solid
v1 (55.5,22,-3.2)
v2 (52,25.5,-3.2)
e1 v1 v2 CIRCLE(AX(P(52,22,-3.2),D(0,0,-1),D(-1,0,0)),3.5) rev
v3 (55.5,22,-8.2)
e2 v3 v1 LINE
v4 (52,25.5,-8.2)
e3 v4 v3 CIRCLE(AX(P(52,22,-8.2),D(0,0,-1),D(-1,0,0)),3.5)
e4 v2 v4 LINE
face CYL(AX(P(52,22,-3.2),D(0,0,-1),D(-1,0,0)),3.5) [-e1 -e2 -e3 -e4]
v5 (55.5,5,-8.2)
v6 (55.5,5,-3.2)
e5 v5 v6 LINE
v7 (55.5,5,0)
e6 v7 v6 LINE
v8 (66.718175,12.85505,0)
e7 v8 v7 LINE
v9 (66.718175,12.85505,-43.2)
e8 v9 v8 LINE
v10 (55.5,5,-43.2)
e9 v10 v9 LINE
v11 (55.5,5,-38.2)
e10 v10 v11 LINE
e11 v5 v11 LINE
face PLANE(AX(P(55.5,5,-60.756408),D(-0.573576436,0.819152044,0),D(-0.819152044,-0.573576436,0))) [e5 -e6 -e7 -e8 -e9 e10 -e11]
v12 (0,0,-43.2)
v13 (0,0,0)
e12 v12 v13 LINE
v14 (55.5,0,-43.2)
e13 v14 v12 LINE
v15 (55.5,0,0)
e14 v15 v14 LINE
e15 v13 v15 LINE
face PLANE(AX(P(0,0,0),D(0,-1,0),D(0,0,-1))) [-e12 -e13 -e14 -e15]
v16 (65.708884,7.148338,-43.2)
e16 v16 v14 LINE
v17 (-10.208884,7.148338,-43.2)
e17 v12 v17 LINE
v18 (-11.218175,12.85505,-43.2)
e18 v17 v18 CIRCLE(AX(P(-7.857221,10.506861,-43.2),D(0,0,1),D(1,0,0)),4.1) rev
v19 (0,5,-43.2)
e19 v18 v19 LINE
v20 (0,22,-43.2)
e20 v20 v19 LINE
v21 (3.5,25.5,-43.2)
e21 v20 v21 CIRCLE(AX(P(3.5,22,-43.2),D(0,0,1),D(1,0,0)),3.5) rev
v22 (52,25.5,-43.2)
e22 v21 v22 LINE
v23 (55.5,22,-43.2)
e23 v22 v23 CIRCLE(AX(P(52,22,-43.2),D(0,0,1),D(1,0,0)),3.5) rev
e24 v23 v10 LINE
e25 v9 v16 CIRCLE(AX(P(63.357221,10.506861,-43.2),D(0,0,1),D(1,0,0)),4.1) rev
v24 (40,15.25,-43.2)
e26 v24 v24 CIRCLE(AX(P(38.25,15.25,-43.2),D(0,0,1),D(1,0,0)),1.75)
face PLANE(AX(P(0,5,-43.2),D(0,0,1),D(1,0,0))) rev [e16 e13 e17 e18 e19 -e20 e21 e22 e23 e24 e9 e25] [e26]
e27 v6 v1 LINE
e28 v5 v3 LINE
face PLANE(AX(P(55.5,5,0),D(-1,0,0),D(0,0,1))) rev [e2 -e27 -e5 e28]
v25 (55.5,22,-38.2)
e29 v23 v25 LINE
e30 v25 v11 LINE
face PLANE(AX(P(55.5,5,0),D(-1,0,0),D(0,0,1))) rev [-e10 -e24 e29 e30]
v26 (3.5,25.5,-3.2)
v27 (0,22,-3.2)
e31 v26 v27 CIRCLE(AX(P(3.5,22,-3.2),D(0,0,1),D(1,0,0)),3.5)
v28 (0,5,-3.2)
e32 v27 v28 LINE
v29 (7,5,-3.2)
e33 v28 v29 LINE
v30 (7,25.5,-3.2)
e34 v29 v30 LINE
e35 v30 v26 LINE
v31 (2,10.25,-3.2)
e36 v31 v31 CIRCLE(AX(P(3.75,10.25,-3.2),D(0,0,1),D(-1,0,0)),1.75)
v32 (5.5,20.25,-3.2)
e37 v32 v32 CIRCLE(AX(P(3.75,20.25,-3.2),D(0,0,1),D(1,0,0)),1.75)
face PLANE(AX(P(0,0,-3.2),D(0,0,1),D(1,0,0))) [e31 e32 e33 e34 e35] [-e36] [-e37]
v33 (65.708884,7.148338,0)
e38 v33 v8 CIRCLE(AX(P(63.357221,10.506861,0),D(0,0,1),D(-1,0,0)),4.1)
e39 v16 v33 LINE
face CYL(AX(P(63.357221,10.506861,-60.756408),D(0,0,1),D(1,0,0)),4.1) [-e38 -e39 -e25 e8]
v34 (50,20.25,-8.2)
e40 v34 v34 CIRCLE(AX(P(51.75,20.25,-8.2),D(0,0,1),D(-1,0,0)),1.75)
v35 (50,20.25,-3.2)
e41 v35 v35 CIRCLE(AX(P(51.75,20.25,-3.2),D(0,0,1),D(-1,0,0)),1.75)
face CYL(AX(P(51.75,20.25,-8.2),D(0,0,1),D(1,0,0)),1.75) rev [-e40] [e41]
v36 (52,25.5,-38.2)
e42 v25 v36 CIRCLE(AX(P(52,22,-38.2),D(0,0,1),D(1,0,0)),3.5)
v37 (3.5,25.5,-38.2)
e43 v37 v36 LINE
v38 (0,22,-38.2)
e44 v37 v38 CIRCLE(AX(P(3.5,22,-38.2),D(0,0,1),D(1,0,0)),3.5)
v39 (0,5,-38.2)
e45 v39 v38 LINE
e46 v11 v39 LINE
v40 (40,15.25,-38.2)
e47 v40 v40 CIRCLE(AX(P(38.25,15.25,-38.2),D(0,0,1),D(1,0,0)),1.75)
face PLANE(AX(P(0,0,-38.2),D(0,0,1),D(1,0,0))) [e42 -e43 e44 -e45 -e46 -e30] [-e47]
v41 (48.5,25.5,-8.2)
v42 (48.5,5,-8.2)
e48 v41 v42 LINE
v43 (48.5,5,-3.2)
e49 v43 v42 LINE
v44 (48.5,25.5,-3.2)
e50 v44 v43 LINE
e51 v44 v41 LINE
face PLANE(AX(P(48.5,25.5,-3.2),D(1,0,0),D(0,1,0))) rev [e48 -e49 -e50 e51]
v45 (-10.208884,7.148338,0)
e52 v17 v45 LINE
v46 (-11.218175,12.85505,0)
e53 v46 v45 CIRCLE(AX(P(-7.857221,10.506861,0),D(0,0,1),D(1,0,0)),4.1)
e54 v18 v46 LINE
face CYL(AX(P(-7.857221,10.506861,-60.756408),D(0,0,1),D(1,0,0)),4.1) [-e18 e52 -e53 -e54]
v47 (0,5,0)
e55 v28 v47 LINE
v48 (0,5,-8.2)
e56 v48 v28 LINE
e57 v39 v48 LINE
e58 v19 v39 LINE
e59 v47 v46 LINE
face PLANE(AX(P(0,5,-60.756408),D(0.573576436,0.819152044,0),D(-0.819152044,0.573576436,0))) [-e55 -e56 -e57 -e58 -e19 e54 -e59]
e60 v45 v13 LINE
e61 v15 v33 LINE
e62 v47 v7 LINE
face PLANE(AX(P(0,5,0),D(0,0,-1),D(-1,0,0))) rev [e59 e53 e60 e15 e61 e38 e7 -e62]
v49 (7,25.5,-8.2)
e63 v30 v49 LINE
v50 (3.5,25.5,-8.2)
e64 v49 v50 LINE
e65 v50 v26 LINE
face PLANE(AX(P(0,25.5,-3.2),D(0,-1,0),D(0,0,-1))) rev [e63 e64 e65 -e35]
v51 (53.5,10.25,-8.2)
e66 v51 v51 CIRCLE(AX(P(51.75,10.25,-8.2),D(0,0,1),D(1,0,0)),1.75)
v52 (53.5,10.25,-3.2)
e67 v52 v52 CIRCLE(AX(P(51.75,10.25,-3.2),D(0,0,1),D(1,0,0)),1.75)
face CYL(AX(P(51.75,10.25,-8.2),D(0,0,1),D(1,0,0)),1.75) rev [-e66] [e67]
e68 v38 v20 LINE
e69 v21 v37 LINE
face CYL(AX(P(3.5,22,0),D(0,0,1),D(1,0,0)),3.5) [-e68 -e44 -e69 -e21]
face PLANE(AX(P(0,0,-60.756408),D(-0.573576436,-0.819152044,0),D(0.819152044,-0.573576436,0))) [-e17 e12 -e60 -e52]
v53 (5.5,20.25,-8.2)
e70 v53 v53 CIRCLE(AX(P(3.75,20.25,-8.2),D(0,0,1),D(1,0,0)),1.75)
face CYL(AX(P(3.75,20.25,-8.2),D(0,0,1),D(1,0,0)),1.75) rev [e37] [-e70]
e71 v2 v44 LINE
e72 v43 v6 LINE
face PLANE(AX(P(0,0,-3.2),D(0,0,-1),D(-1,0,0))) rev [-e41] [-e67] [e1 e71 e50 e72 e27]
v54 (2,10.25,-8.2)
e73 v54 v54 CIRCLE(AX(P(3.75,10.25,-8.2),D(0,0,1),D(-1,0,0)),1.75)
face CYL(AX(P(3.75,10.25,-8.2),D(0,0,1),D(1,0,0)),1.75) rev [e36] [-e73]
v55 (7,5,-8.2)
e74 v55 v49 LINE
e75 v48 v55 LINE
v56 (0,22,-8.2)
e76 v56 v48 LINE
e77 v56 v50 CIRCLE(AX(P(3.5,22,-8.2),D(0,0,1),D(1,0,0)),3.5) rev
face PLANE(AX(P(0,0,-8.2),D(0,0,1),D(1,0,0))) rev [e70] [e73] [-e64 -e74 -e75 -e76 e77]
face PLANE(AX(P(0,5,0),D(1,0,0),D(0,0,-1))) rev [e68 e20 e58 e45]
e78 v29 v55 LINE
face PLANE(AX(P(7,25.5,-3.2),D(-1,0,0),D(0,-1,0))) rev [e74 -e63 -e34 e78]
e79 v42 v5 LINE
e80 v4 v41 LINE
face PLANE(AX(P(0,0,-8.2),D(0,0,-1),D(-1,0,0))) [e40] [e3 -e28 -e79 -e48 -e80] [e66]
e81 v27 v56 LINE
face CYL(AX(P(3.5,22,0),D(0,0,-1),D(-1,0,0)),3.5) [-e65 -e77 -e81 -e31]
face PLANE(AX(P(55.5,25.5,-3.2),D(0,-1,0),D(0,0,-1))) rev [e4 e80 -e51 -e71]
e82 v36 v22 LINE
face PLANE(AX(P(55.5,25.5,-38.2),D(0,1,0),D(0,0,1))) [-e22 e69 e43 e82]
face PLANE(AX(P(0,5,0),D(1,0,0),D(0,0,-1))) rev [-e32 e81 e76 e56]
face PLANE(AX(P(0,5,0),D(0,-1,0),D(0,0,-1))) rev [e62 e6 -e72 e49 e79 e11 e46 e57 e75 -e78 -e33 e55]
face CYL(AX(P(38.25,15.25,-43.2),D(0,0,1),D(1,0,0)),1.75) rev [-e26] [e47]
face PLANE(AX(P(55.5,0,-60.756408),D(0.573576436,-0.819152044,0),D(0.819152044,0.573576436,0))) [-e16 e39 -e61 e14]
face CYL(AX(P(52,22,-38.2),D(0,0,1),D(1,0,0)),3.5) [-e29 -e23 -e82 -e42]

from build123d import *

# Parameters (mm, degrees)
SKETCH1_W           = 55.5
SKETCH1_H           = 43.2
BASE_DEPTH          = 5
SKETCH2_W           = 55.5
SKETCH2_H           = 25.5
WALL_DEPTH          = 5
SKETCH3_W           = 7
SKETCH3_H           = 20.5
MOUNTINGTABS_DEPTH  = 5
LIPS_REACH          = 76.811
SKETCH5_R           = 1.75
MOUNTINGHOLES_DEPTH = 5
FILLETS_R           = 3.5
SKETCH6_R           = 1.75
THROUGHHOLE_DEPTH   = 5


with BuildPart() as part:
    # Sketch1 → base (new body)
    with BuildSketch(Plane(origin=(0, 0, 0), x_dir=(1, 0, 0), z_dir=(0, 1, 0))):
        with Locations((27.75, 21.6)):
            Rectangle(SKETCH1_W, SKETCH1_H)
    extrude(amount=BASE_DEPTH)

    # Sketch2 → wall (add)
    with BuildSketch(Plane(origin=(0, 0, -43.2), x_dir=(-1, 0, 0), z_dir=(0, 0, -1))):
        with Locations((-27.75, 12.75)):
            Rectangle(SKETCH2_W, SKETCH2_H)
    extrude(amount=-WALL_DEPTH)

    # Sketch3 → mountingTabs (add)
    with BuildSketch(Plane.XY.offset(-8.2)):
        with Locations((3.5, 15.25)):
            Rectangle(SKETCH3_W, SKETCH3_H)
        with Locations((52, 15.25)):
            Rectangle(SKETCH3_W, SKETCH3_H)
    extrude(amount=MOUNTINGTABS_DEPTH)

    # lips: up to this face of the body (flat: up to its plane)
    lips_end = Plane(part.part.faces().sort_by_distance((27.75, 12.75, -43.2))[0])
    # Sketch4 → lips (add, up to the picked face)
    with BuildSketch(Plane.XY, mode=Mode.PRIVATE) as lips_sk1:
        with BuildLine():
            Line((0, 0), (-10.208884478, 7.148337868))
            ThreePointArc((-10.208884478, 7.148337868), (-11.894564223, 9.792816133), (-11.218174515, 12.85505036))
            Line((-11.218174515, 12.85505036), (0, 5))
            Line((0, 5), (0, 0))
        make_face()
    lips_tool1 = split(extrude(lips_sk1.sketch, amount=-LIPS_REACH, mode=Mode.PRIVATE), bisect_by=lips_end, keep=Keep.BOTH, mode=Mode.PRIVATE)
    # Sketch4 → lips (add, up to the picked face)
    with BuildSketch(Plane.XY, mode=Mode.PRIVATE) as lips_sk2:
        with BuildLine():
            Line((55.5, 5), (66.718174515, 12.85505036))
            ThreePointArc((66.718174515, 12.85505036), (67.394564223, 9.792816133), (65.708884478, 7.148337868))
            Line((65.708884478, 7.148337868), (55.5, 0))
            Line((55.5, 0), (55.5, 5))
        make_face()
    lips_tool2 = split(extrude(lips_sk2.sketch, amount=-LIPS_REACH, mode=Mode.PRIVATE), bisect_by=lips_end, keep=Keep.BOTH, mode=Mode.PRIVATE)
    add(lips_tool1.solids().sort_by(Axis((-5.839287, 6.590277, 0), (0, 0, -1)))[0])
    add(lips_tool2.solids().sort_by(Axis((61.339287, 6.590277, 0), (0, 0, -1)))[0])

    # Sketch5 → mountingHoles (cut)
    with BuildSketch(Plane.XY.offset(-3.2)):
        with Locations((3.75, 20.25)):
            Circle(SKETCH5_R)
        with Locations(Location((3.75, 10.25, 0), (0, 0, 180))):
            Circle(SKETCH5_R)
        with Locations((51.75, 10.25)):
            Circle(SKETCH5_R)
        with Locations(Location((51.75, 20.25, 0), (0, 0, 180))):
            Circle(SKETCH5_R)
    extrude(amount=-MOUNTINGHOLES_DEPTH, mode=Mode.SUBTRACT)

    # fillets
    fillets_edges = [part.edges().sort_by_distance(p)[0] for p in [
        (0, 25.5, -40.7),
        (55.5, 25.5, -40.7),
        (0, 25.5, -5.7),
        (55.5, 25.5, -5.7),
    ]]
    fillet(fillets_edges, radius=FILLETS_R)

    # Sketch6 → throughHole (cut)
    with BuildSketch(Plane.XY.offset(-38.2)):
        with Locations((38.25, 15.25)):
            Circle(SKETCH6_R)
    extrude(amount=-THROUGHHOLE_DEPTH, mode=Mode.SUBTRACT)


solid = part.part
